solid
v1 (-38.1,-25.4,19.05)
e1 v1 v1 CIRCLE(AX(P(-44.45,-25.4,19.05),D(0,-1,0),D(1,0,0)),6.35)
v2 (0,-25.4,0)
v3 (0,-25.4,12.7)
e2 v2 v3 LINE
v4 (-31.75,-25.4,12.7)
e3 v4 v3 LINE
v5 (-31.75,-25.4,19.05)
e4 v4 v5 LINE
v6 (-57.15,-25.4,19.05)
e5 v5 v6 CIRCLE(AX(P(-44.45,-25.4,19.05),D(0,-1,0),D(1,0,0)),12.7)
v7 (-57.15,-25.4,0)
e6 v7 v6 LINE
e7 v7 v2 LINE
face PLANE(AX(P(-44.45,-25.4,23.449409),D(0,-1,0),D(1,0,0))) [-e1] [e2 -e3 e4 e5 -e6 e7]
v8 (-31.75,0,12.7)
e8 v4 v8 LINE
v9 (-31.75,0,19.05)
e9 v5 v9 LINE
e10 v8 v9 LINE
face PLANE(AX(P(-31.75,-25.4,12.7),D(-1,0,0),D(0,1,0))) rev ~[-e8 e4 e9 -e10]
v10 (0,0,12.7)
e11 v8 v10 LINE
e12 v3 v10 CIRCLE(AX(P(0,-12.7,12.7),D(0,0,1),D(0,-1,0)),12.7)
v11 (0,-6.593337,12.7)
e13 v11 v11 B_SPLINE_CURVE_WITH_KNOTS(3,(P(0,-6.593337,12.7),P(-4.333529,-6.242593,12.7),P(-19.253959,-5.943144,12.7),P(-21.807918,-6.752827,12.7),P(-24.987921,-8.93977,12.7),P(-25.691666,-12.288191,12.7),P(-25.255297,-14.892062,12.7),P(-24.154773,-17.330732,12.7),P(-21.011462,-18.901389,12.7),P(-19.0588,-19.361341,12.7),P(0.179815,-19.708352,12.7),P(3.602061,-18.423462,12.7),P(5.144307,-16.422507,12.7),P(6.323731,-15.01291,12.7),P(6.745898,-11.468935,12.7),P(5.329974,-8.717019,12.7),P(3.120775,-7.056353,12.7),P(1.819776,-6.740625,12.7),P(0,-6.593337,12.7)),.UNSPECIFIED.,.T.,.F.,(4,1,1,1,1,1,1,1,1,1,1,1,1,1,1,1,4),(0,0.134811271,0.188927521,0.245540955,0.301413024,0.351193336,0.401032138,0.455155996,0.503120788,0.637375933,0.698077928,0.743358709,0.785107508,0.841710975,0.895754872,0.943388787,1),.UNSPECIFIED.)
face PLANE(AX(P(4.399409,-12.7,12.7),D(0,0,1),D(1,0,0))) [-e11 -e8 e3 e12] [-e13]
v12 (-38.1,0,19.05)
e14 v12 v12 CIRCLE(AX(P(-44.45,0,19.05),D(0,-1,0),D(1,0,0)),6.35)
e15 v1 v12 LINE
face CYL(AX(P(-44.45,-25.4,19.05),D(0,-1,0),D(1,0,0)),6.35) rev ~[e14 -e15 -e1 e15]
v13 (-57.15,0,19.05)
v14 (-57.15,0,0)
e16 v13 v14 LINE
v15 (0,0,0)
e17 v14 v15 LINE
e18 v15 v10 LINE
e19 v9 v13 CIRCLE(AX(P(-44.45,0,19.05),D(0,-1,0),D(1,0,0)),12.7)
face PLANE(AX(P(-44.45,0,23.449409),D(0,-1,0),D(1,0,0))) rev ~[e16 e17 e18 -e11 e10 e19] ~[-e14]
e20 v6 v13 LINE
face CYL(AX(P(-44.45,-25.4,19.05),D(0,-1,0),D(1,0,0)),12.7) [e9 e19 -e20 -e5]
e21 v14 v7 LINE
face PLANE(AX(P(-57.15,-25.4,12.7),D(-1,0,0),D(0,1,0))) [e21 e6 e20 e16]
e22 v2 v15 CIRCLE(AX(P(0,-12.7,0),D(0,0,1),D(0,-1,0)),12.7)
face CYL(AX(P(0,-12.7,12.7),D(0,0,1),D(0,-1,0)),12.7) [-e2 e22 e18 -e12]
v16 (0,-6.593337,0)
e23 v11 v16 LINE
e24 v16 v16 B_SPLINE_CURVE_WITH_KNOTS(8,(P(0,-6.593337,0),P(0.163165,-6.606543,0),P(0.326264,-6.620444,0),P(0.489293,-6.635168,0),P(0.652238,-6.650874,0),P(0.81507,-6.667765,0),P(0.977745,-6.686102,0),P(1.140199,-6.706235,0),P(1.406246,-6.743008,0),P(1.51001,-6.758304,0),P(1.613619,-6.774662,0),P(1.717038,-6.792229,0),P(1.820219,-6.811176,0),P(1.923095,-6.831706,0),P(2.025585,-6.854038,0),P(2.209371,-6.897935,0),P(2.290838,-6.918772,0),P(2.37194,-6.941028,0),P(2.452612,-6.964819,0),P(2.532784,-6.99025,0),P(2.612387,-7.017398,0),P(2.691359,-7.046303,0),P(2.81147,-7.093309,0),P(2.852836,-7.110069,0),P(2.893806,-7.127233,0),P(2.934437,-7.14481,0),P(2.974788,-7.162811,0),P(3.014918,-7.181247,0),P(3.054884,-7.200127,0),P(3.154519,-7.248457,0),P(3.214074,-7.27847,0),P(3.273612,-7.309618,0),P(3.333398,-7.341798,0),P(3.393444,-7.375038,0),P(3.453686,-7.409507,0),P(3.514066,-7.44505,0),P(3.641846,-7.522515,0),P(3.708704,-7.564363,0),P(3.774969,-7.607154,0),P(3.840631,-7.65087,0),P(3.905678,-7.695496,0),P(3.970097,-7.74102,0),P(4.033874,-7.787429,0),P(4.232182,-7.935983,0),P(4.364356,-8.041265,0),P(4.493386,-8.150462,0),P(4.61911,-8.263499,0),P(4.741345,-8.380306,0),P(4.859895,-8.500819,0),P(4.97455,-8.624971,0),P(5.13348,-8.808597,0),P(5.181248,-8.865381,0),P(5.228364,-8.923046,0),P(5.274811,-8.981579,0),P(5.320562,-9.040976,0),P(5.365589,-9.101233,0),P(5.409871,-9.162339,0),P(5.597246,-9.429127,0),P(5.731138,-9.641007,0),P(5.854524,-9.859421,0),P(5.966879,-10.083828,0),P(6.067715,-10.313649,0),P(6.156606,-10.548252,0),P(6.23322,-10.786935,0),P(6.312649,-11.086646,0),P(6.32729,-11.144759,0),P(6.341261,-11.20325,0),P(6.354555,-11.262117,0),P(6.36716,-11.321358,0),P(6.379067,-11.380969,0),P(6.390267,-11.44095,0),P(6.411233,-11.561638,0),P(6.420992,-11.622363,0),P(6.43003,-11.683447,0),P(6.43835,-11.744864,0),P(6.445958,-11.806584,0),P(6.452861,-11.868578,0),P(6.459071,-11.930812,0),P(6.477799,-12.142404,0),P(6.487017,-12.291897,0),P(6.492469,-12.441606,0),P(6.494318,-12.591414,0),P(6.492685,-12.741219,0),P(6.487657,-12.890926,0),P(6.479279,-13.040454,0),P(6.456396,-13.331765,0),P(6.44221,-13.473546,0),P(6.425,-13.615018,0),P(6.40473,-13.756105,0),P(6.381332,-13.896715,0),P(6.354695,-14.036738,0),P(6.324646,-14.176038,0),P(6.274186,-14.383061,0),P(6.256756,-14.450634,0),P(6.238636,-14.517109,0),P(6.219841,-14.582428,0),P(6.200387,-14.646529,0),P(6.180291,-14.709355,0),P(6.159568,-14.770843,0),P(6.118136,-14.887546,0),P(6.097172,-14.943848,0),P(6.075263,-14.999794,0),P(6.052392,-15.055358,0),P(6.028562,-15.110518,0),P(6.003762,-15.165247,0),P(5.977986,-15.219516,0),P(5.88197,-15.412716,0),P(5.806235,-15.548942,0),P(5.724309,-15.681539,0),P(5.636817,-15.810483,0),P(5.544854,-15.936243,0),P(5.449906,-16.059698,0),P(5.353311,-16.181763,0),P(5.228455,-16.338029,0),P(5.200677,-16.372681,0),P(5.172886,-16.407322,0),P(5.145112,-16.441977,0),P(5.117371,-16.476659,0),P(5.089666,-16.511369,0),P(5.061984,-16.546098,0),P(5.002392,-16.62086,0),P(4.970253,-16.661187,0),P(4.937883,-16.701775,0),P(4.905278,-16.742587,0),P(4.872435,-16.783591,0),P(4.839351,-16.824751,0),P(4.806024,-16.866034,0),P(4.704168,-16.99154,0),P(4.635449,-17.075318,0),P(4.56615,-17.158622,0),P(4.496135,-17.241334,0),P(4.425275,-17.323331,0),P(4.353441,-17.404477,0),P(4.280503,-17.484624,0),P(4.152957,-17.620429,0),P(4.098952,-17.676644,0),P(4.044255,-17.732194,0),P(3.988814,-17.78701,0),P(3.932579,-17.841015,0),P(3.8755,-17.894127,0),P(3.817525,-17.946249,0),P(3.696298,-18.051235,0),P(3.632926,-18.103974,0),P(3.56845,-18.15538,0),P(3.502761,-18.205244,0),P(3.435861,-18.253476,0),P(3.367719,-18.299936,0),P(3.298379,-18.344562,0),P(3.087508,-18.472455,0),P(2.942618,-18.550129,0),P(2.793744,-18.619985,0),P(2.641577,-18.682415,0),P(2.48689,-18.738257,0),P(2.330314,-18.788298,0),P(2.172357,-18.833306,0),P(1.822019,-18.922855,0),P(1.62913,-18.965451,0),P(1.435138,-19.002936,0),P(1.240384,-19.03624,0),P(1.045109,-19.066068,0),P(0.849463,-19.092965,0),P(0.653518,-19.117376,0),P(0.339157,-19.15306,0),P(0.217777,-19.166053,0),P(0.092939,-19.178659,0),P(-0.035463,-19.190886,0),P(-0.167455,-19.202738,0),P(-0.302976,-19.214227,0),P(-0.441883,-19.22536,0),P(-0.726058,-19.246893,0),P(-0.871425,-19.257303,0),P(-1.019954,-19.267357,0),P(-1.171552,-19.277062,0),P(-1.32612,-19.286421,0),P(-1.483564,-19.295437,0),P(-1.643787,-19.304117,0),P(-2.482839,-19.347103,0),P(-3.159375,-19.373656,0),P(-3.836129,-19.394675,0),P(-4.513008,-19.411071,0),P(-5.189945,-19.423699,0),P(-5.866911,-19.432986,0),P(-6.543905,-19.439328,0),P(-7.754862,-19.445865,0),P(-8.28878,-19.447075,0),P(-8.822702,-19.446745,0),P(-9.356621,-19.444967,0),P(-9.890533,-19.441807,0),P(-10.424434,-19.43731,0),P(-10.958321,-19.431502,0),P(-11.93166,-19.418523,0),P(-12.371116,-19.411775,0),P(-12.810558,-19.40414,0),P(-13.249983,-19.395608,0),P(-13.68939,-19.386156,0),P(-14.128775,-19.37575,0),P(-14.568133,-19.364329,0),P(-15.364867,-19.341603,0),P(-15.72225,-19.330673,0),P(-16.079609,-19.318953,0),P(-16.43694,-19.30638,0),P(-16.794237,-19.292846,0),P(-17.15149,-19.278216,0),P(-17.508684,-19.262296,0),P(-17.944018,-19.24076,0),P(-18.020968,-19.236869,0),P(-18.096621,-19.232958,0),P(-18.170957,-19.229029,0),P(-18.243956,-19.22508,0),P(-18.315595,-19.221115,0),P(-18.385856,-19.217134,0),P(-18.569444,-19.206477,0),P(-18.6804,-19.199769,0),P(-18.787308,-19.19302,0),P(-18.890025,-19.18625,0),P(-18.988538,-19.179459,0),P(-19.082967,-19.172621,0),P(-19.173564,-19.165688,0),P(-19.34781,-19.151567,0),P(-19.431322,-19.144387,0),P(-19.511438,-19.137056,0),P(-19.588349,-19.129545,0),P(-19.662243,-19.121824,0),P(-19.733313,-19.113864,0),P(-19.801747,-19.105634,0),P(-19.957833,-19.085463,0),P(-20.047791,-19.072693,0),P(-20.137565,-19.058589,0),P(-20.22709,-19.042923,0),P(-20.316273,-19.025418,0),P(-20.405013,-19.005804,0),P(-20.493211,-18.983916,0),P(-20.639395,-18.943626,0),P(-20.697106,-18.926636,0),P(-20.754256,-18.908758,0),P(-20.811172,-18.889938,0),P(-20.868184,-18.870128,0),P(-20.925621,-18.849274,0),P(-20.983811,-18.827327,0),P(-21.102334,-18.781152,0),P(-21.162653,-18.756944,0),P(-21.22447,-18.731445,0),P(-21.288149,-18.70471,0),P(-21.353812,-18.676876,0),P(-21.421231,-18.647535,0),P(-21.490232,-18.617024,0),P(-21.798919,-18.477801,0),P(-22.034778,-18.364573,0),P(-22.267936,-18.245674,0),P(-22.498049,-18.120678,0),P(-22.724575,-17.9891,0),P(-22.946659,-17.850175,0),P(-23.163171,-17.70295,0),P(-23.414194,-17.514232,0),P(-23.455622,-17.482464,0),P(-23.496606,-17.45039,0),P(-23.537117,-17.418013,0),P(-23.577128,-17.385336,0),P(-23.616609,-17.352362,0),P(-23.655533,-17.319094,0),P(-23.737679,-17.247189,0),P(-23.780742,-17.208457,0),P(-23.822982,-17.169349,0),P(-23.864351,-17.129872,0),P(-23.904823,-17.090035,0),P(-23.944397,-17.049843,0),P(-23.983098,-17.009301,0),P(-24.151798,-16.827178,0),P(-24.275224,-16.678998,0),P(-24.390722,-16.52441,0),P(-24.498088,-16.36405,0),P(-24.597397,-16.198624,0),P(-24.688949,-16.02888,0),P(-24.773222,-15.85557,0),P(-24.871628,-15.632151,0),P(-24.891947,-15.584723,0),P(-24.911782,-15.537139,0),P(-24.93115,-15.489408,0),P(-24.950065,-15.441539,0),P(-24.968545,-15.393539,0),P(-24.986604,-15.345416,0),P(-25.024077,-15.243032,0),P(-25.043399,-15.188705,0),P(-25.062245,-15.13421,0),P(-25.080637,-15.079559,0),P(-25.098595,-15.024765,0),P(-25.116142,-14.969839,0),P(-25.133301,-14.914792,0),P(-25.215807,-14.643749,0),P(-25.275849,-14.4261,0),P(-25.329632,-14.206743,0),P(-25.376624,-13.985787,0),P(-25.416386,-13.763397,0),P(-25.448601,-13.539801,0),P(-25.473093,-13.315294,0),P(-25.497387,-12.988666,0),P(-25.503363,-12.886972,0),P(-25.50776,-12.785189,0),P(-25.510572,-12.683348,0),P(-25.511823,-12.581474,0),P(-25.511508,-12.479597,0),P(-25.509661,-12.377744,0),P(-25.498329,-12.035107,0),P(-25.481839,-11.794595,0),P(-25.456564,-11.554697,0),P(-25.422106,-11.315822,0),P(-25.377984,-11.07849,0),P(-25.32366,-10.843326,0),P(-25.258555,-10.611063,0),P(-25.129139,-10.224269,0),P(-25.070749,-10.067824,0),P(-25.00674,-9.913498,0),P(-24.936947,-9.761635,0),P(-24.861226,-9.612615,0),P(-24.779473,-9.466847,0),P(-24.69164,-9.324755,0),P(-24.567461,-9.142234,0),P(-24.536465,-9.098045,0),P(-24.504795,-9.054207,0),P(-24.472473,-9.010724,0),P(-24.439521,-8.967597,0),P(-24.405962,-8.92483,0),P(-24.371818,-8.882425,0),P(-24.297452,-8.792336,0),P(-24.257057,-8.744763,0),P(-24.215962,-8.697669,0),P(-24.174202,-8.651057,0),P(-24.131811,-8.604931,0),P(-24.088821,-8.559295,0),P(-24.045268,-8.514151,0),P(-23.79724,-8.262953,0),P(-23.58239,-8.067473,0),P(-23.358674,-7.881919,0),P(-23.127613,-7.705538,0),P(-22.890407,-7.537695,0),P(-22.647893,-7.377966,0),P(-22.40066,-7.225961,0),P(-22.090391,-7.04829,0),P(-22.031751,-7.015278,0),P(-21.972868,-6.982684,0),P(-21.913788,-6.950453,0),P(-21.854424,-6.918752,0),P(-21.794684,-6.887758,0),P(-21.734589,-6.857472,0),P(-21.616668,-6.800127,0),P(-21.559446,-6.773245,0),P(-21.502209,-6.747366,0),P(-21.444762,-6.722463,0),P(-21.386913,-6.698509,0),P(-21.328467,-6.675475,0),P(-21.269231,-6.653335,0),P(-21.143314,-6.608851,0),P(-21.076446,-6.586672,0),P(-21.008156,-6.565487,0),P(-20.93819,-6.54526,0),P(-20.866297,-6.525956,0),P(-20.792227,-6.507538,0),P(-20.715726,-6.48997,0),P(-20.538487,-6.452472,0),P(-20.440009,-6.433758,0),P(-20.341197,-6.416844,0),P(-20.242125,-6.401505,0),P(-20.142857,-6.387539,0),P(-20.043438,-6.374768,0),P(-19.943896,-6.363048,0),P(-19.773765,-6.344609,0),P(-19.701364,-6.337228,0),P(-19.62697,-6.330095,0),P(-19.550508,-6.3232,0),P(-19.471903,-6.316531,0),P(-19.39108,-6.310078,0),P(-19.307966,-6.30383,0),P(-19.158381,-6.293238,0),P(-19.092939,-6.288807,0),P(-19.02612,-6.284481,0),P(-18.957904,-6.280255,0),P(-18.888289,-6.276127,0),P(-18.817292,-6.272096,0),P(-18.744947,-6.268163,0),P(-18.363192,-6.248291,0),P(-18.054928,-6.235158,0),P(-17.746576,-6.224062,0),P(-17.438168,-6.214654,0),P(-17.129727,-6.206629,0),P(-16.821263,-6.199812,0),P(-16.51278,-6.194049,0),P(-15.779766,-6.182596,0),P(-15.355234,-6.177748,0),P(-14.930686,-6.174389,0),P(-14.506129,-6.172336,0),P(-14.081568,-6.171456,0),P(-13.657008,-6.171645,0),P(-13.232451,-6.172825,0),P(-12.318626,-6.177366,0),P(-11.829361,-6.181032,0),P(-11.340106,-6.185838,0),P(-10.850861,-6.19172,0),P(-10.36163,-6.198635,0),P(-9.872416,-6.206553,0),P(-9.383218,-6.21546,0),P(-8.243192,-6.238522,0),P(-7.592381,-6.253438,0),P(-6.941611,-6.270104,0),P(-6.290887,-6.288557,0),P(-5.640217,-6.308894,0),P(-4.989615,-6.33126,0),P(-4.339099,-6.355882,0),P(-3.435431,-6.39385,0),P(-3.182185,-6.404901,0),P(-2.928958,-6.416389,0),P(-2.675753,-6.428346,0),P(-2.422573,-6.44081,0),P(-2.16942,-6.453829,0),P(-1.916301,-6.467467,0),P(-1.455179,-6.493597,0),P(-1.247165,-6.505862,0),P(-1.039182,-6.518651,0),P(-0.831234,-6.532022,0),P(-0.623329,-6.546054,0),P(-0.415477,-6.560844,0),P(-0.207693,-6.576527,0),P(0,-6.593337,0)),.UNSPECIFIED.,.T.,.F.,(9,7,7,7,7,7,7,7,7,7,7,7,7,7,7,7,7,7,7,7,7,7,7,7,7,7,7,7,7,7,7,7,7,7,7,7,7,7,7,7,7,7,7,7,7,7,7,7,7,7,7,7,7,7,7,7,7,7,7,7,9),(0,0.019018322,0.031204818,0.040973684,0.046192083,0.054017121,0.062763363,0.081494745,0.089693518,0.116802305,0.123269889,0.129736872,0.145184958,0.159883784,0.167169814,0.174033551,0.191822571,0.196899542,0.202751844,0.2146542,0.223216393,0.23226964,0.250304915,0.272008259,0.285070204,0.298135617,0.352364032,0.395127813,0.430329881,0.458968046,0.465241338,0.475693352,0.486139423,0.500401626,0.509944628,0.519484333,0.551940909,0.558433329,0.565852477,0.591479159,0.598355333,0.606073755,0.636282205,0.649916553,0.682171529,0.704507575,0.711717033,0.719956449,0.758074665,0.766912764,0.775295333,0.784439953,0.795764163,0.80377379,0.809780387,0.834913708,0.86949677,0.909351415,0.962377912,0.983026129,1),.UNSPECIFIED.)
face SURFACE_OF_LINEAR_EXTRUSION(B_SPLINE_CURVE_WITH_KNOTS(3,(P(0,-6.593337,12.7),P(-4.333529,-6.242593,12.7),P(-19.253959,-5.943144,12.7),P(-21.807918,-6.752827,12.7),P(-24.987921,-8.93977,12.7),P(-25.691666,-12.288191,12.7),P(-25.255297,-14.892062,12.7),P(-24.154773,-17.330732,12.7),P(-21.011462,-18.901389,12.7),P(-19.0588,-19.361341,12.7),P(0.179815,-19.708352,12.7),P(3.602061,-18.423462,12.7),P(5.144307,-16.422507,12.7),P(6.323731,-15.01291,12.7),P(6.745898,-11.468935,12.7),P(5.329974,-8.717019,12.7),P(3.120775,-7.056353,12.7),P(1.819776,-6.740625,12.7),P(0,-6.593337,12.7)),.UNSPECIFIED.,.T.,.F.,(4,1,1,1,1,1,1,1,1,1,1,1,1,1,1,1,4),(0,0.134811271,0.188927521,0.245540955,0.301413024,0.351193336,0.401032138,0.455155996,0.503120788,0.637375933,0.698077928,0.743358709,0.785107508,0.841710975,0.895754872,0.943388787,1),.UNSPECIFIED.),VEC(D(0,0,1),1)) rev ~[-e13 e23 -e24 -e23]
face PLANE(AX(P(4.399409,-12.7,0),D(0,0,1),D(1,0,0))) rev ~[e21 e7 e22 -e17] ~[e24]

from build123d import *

# Parameters (mm, degrees)
F0_W      = 57.15
F0_H      = 12.7
F1_DEPTH  = 25.4
F3_DEPTH  = 12.7
F4_W      = 25.4
F4_H      = 25.4
F5_DEPTH  = 6.35
F7_DEPTH  = 25.4
F8_R      = 6.35
F9_DEPTH  = 25.4
F13_DEPTH = 25.4


with BuildPart() as f1:
    # F0 (on Front) → F1 (new body)
    with BuildSketch(Plane.XZ):
        with Locations((-28.575, 6.35)):
            Rectangle(F0_W, F0_H)
    extrude(amount=F1_DEPTH)

    # F2 (on face) → F3 (join)
    with BuildSketch(Plane.XY.offset(12.7)):
        with BuildLine():
            Line((0, 0), (0, -25.4))
            ThreePointArc((0, -25.4), (12.7, -12.7), (0, 0))
        make_face()
    extrude(amount=-F3_DEPTH)

    # F4 (on face) → F5 (join)
    with BuildSketch(Plane.XY.offset(12.7)):
        with Locations((-44.45, -12.7)):
            Rectangle(F4_W, F4_H)
    extrude(amount=F5_DEPTH)

    # F6 (on face) → F7 (join)
    with BuildSketch(Plane.XZ.offset(25.4)):
        with BuildLine():
            Line((-57.15, 19.05), (-31.75, 19.05))
            ThreePointArc((-31.75, 19.05), (-44.45, 31.75), (-57.15, 19.05))
        make_face()
    extrude(amount=-F7_DEPTH)

    # F8 (on face) → F9 (cut)
    with BuildSketch(Plane.XZ.offset(25.4)):
        with Locations((-44.45, 19.05)):
            Circle(F8_R)
    extrude(amount=-F9_DEPTH, mode=Mode.SUBTRACT)

    # F12 (on face) → F13 (cut)
    with BuildSketch(Plane.XY.offset(12.7)):
        with BuildLine():
            add(Edge.make_bspline(
                [(0, -6.5933372825), (-4.3335288954, -6.2425928822), (-19.2539591524, -5.9431444544), (-21.8079181697, -6.752826897), (-24.9879208085, -8.9397704012), (-25.6916656891, -12.2881912477), (-25.2552966558, -14.8920624192), (-24.1547730186, -17.3307319105), (-21.0114621664, -18.9013892718), (-19.0587997011, -19.3613408528), (0.1798145996, -19.708351866), (3.602060698, -18.4234615524), (5.144307104, -16.4225065745), (6.3237311389, -15.0129096663), (6.7458982943, -11.4689345451), (5.3299737832, -8.7170187024), (3.1207753421, -7.0563532409), (1.8197760895, -6.7406251601), (0, -6.5933372825)],
                knots=[0, 0, 0, 0, 0.1348112712, 0.1889275212, 0.2455409547, 0.3014130243, 0.3511933359, 0.4010321383, 0.4551559961, 0.5031207882, 0.6373759331, 0.6980779281, 0.743358709, 0.7851075085, 0.8417109752, 0.8957548723, 0.9433887869, 1, 1, 1, 1], degree=3))
        make_face()
    extrude(amount=-F13_DEPTH, mode=Mode.SUBTRACT)


solid = f1.part
